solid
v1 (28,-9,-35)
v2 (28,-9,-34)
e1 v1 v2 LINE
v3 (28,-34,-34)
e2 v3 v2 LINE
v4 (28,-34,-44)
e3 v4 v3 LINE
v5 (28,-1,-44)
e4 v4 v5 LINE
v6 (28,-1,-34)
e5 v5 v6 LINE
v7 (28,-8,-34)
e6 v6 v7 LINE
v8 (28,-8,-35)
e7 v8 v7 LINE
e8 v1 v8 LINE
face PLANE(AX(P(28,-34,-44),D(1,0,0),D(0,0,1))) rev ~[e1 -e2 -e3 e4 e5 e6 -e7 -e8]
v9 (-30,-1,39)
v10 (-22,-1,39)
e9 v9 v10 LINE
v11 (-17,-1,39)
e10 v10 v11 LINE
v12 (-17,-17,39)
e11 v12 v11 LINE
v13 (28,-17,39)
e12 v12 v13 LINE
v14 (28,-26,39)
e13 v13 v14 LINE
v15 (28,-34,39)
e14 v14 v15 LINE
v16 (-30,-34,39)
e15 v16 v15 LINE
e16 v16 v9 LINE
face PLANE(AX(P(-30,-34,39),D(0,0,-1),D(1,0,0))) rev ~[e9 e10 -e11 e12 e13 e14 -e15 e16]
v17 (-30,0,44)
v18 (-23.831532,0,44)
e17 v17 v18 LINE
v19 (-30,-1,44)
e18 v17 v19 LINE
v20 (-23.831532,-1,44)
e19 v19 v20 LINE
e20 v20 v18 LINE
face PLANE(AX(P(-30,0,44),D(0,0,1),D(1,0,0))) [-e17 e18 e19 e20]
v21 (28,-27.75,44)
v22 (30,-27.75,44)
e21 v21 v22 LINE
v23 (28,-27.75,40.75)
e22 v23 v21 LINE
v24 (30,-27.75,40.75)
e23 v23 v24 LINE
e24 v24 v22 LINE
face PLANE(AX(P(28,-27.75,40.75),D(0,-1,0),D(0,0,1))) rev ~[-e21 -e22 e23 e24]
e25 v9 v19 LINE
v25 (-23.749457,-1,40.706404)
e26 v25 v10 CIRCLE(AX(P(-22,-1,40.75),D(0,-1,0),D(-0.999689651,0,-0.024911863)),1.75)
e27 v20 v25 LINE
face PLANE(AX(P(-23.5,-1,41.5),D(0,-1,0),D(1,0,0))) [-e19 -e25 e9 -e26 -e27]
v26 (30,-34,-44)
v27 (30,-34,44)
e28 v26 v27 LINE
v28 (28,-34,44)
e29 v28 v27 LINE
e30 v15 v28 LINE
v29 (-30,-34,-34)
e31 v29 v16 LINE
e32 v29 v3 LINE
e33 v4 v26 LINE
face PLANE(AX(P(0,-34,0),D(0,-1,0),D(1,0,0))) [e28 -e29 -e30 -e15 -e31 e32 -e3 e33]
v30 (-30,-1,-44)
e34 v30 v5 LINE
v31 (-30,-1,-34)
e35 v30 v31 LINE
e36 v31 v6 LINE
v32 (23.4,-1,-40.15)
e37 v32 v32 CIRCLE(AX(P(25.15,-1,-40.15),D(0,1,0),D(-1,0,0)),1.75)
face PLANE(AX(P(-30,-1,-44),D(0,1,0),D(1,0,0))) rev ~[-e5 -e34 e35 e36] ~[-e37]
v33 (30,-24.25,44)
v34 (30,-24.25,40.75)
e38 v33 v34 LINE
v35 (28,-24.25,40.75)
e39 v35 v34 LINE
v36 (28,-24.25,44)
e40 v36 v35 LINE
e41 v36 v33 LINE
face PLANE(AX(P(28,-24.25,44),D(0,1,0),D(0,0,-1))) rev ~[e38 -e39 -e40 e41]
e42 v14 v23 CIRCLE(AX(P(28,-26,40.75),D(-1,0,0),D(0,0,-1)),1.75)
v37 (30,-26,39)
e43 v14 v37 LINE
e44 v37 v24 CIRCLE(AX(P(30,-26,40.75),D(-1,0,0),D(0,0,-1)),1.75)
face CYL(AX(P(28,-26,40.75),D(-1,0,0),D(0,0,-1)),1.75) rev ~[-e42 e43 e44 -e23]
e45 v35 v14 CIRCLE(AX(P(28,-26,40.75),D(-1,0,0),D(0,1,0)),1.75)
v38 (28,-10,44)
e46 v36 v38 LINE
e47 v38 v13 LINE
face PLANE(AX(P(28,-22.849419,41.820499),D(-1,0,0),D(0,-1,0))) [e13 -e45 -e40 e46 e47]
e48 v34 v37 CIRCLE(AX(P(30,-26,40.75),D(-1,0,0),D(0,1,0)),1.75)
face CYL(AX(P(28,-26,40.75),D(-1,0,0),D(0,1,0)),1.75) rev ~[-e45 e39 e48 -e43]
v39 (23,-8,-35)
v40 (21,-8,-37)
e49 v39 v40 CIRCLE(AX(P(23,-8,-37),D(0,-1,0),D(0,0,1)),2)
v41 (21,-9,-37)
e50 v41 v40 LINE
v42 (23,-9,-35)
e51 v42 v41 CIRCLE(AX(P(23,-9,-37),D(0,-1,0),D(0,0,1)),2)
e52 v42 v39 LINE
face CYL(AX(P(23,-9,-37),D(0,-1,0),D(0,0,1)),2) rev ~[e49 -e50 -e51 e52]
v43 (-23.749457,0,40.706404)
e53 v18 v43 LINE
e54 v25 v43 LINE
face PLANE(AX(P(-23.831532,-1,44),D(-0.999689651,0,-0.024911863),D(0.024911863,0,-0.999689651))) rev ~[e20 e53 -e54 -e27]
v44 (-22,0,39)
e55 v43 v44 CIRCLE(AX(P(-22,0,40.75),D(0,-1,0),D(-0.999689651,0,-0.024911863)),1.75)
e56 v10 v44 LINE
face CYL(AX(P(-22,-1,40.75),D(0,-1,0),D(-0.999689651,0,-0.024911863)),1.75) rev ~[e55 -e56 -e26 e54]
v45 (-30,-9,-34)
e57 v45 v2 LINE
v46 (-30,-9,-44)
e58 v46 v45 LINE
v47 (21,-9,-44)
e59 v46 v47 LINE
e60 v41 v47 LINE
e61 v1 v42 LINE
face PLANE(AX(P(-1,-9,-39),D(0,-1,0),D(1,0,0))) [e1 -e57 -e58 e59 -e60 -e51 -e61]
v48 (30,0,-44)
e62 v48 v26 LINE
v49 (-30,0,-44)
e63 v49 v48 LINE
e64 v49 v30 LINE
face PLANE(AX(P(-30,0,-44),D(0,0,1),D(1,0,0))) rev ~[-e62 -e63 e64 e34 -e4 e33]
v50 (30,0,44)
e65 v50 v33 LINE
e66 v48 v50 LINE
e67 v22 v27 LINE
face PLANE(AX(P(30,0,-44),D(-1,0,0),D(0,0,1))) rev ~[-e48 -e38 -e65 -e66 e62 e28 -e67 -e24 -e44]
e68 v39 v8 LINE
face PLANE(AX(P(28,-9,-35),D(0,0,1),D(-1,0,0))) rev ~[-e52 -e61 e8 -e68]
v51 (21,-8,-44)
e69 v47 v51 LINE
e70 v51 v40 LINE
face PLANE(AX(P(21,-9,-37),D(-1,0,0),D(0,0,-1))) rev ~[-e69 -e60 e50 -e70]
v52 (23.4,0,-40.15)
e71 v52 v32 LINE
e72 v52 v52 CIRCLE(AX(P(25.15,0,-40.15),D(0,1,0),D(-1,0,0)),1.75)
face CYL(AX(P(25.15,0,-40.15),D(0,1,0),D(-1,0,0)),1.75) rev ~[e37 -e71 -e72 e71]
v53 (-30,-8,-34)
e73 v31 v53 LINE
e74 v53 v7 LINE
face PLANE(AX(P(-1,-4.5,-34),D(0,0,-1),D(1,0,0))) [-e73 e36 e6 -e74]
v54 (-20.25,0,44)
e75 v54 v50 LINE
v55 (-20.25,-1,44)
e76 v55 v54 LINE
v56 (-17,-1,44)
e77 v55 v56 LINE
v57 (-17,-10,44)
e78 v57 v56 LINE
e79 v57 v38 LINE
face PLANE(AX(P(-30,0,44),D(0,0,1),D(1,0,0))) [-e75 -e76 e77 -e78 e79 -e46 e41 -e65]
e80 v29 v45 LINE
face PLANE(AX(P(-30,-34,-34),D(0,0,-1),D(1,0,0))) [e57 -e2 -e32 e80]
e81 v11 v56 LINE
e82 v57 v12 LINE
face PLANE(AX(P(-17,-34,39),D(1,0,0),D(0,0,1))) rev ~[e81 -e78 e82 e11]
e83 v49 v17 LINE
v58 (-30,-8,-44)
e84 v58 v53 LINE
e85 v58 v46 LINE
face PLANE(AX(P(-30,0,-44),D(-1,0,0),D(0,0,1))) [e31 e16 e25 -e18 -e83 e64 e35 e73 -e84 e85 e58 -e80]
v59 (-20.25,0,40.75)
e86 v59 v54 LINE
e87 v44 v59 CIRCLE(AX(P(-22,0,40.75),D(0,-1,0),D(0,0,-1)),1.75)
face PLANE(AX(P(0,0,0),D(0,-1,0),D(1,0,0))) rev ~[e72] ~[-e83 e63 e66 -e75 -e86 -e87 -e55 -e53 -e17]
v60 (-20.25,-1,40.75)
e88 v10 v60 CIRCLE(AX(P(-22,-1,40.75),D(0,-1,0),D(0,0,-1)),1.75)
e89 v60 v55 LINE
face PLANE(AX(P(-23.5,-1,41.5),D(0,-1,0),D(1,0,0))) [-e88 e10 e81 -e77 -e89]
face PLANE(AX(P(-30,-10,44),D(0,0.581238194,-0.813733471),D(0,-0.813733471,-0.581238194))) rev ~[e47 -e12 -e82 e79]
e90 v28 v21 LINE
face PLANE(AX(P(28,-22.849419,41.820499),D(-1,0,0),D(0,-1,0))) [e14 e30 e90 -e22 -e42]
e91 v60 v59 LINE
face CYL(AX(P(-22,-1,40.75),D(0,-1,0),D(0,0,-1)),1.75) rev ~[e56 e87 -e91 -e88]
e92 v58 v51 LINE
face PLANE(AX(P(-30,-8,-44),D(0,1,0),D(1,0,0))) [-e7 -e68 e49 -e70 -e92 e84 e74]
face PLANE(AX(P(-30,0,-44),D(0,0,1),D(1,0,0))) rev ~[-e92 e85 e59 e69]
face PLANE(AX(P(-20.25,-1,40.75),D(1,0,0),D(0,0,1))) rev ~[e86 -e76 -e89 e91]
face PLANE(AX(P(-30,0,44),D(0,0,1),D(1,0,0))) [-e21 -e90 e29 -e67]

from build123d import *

# Parameters (mm, degrees)
F0_W      = 60
F0_H      = 88
F1_DEPTH  = 34
F3_DEPTH  = 58
F4_W      = 13
F4_H      = 5
F5_DEPTH  = 33
F7_DEPTH  = 1.001
F9_DEPTH  = 2.001
F4_W_2    = 58
F4_H_2    = 10
F10_DEPTH = 25
F11_W     = 58
F11_H     = 7
F12_DEPTH = 10
F14_DEPTH = 3
F15_R     = 1.75
F16_DEPTH = 3


with BuildPart() as f1:
    # F0 (on Front) → F1 (new body)
    with BuildSketch(Plane.XZ):
        Rectangle(F0_W, F0_H)
    extrude(amount=F1_DEPTH)

    # F2 (on face) → F3 (cut)
    with BuildSketch(Plane(origin=(-30, 0, 0), x_dir=(0, -1, 0), z_dir=(-1, 0, 0))):
        Polygon((34, 39), (34, 44), (10, 44), (17, 39), align=None)
    extrude(amount=-F3_DEPTH, mode=Mode.SUBTRACT)

    # F4 (on face) → F5 (cut)
    with BuildSketch(Plane.XZ.offset(34)):
        with Locations((-23.5, 41.5)):
            Rectangle(F4_W, F4_H)
    extrude(amount=-F5_DEPTH, mode=Mode.SUBTRACT)

    # F6 (on face) → F7 (cut, through all)
    with BuildSketch(Plane.XZ.offset(1)):
        with BuildLine():
            Line((-23.831531967, 44), (-23.7494568899, 40.7064042404))
            ThreePointArc((-23.7494568899, 40.7064042404), (-23.2219262295, 39.4972445212), (-22, 39))
            ThreePointArc((-22, 39), (-20.7625631329, 39.5125631329), (-20.25, 40.75))
            Line((-20.25, 40.75), (-20.25, 44))
            Line((-20.25, 44), (-23.831531967, 44))
        make_face()
    extrude(amount=-F7_DEPTH, mode=Mode.SUBTRACT)

    # F8 (on face) → F9 (cut, through all)
    with BuildSketch(Plane(origin=(28, 0, 0), x_dir=(0, -1, 0), z_dir=(-1, 0, 0))):
        with BuildLine():
            Line((24.25, 44), (24.25, 40.75))
            ThreePointArc((24.25, 40.75), (24.7625631329, 39.5125631329), (26, 39))
            ThreePointArc((26, 39), (27.2374368671, 39.5125631329), (27.75, 40.75))
            Line((27.75, 40.75), (27.75, 44))
            Line((27.75, 44), (24.25, 44))
        make_face()
    extrude(amount=-F9_DEPTH, mode=Mode.SUBTRACT)

    # F4 (on face) → F10 (cut)
    with BuildSketch(Plane.XZ.offset(34)):
        with Locations((-1, -39)):
            Rectangle(F4_W_2, F4_H_2)
    extrude(amount=-F10_DEPTH, mode=Mode.SUBTRACT)

    # F11 (on face) → F12 (cut)
    with BuildSketch(Plane(origin=(0, 0, -44), x_dir=(1, 0, 0), z_dir=(0, 0, -1))):
        with Locations((-1, 4.5)):
            Rectangle(F11_W, F11_H)
    extrude(amount=-F12_DEPTH, mode=Mode.SUBTRACT)

    # F13 (on face) → F14 (cut)
    with BuildSketch(Plane.XZ.offset(9)):
        with BuildLine():
            Line((21, -37), (21, -44))
            Line((21, -44), (28, -44))
            Line((28, -44), (28, -35))
            Line((28, -35), (23, -35))
            ThreePointArc((23, -35), (21.5857864376, -35.5857864376), (21, -37))
        make_face()
    extrude(amount=-F14_DEPTH, mode=Mode.SUBTRACT)

    # F15 (on face) → F16 (cut)
    with BuildSketch(Plane(origin=(0, 0, 0), x_dir=(-1, 0, 0), z_dir=(0, 1, 0))):
        with Locations((-25.15, -40.15)):
            Circle(F15_R)
    extrude(amount=-F16_DEPTH, mode=Mode.SUBTRACT)


solid = f1.part
